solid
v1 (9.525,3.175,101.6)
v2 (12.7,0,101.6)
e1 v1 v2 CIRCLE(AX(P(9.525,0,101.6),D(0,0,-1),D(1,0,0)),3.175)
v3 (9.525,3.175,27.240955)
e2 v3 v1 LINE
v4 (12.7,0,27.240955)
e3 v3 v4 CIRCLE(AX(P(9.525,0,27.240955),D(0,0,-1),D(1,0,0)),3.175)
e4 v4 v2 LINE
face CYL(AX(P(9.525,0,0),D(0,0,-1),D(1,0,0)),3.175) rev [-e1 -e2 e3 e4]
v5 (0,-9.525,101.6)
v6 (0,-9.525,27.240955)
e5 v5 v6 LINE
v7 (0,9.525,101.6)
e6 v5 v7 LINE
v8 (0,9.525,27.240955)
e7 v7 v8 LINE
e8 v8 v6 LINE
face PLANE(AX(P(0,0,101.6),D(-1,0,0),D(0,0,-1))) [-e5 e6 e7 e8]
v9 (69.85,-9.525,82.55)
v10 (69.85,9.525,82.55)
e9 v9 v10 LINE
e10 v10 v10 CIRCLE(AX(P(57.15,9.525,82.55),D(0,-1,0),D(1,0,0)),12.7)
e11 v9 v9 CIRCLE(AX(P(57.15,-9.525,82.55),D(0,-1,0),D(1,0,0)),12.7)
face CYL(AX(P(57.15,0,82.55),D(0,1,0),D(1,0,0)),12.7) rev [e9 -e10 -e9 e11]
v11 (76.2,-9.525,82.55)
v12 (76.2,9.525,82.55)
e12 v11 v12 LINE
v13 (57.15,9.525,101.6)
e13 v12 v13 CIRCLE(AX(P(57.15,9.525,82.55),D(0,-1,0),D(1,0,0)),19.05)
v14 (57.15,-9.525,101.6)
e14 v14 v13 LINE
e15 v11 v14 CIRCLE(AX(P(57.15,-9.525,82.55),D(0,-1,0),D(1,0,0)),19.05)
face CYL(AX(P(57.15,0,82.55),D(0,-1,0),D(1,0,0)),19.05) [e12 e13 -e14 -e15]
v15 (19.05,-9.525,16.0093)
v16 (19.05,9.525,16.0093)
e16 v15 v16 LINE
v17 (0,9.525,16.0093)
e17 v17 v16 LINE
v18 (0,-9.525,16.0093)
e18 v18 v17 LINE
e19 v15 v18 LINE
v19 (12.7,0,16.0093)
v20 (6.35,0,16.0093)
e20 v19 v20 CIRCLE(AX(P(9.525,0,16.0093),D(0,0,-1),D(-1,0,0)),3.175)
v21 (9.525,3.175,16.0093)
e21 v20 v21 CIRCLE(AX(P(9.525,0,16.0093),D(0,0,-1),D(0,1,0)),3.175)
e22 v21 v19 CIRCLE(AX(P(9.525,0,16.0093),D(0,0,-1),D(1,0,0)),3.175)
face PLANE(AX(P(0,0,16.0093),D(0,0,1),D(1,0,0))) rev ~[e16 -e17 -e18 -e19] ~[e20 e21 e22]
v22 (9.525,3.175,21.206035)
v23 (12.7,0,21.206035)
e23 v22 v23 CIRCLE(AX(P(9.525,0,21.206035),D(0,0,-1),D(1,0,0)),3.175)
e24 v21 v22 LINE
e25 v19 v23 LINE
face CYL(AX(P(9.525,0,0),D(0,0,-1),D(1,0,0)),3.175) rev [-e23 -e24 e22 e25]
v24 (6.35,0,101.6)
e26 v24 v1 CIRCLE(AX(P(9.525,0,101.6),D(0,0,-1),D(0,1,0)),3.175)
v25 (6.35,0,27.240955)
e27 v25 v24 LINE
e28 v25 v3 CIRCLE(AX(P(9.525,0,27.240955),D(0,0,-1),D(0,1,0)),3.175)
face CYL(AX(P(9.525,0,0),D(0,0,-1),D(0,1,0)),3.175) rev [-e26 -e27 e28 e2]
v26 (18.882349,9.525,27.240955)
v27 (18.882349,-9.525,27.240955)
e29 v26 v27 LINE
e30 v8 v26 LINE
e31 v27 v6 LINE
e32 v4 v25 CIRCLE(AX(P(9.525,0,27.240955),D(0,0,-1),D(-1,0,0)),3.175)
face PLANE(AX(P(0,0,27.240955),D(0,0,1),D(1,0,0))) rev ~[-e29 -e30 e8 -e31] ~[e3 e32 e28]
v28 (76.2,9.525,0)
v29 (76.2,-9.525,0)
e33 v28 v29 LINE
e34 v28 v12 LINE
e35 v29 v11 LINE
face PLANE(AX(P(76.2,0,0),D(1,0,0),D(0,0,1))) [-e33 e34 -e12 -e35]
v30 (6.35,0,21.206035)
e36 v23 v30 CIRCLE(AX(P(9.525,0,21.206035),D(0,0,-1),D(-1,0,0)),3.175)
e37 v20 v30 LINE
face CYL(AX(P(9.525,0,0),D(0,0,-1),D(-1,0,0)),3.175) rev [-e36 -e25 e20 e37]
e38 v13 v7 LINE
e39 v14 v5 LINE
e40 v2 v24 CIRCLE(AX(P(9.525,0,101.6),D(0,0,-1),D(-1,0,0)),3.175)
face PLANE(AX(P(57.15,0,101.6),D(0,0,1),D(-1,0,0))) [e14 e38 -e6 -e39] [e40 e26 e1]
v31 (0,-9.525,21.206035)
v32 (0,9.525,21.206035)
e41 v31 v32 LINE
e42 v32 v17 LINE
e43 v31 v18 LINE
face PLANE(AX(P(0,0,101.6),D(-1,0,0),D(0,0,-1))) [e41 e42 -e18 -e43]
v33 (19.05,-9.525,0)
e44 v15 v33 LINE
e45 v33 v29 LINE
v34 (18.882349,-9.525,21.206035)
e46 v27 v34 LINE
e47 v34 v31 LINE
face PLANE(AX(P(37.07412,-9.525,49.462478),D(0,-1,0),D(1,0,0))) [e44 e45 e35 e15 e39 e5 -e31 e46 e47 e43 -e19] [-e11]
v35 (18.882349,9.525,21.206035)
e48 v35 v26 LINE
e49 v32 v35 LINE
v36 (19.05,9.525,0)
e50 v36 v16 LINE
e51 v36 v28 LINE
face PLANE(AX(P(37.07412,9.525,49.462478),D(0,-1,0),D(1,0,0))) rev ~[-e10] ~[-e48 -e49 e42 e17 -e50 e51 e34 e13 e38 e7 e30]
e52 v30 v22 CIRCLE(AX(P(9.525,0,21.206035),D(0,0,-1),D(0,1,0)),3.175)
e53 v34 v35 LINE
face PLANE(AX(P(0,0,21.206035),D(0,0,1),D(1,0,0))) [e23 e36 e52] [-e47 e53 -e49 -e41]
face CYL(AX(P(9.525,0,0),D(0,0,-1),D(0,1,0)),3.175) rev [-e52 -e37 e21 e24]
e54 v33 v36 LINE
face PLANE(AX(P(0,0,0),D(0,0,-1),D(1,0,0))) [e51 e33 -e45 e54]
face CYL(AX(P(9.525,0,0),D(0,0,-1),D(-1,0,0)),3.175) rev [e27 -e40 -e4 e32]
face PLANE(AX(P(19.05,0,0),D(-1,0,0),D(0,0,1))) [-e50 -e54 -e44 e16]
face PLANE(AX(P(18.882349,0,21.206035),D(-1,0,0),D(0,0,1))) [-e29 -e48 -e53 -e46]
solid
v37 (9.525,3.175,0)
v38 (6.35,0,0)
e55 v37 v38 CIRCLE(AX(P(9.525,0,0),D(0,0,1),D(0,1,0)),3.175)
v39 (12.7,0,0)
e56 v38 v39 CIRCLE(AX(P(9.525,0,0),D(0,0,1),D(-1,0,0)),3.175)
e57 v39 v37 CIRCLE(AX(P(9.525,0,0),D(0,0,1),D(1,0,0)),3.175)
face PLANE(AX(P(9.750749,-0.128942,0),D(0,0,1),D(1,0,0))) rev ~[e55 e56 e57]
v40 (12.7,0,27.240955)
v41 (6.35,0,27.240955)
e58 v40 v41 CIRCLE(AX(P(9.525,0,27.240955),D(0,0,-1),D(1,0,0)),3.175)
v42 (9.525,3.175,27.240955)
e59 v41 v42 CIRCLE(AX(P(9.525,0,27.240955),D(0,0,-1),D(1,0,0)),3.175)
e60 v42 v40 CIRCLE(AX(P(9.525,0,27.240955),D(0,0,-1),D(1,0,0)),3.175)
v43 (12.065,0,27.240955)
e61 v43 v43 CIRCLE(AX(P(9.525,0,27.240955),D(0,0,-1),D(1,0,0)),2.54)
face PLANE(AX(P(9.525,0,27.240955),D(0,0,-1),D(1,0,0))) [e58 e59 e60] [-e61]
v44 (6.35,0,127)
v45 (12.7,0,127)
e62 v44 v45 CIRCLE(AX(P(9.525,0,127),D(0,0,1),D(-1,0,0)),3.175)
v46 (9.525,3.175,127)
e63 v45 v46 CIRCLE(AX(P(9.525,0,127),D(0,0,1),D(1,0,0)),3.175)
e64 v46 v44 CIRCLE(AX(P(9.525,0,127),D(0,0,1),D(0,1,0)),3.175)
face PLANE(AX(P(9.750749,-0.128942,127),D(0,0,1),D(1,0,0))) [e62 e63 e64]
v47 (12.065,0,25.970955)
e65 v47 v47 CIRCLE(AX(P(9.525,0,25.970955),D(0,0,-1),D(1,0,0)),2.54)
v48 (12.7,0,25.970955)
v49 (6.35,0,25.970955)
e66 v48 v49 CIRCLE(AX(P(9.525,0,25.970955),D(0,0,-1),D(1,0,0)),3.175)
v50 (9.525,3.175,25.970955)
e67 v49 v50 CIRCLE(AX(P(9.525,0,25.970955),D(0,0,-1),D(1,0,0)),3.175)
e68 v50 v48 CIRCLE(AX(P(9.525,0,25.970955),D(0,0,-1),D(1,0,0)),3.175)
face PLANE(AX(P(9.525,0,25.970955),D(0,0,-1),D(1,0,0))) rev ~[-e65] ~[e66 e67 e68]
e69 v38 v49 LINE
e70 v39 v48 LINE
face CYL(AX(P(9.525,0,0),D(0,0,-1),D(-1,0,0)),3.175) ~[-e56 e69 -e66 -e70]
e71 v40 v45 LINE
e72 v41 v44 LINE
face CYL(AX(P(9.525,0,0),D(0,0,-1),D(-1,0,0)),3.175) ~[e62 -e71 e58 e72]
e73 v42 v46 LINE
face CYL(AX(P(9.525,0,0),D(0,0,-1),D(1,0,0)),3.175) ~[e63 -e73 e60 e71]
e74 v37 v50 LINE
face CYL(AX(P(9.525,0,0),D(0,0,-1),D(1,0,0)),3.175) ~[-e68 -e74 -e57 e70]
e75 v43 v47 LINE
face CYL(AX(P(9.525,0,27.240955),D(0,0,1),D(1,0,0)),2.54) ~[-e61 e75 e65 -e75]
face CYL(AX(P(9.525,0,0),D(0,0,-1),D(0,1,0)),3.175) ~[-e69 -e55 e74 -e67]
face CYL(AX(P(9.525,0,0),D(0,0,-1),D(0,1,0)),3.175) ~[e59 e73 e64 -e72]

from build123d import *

# Parameters (mm, degrees)
F0_R          = 12.7
F1_DEPTH      = 9.525
F2_W          = 19.05
F2_H          = 16.0092996487
F2_W_2        = 18.8823488869
F2_H_2        = 6.0349201819
F3_DEPTH      = 9.526
F3_DEPTH_BACK = 9.526
F5_DEPTH      = 101.601
F6_DEPTH      = 127
F7_R          = 3.175
F7_R_2        = 2.54
F8_DEPTH      = 1.27


with BuildPart() as f1:
    # F0 (on Front) → F1 (new body, symmetric)
    with BuildSketch(Plane.XZ):
        with BuildLine():
            Line((0, 101.6), (0, 0))
            Line((0, 0), (76.2, 0))
            Line((76.2, 0), (76.2, 82.55))
            ThreePointArc((76.2, 82.55), (70.6203841816, 96.0203841816), (57.15, 101.6))
            Line((57.15, 101.6), (0, 101.6))
        make_face()
        with Locations((57.15, 82.55)):
            Circle(F0_R, mode=Mode.SUBTRACT)
    extrude(amount=F1_DEPTH, both=True)

    # F2 (on Front) → F3 (cut, two sides)
    with BuildSketch(Plane.XZ) as f3_sk:
        with Locations((9.525, 8.0046498244)):
            Rectangle(F2_W, F2_H)
        with Locations((9.4411744435, 24.2234951582)):
            Rectangle(F2_W_2, F2_H_2)
    extrude(amount=-F3_DEPTH, mode=Mode.SUBTRACT)
    extrude(f3_sk.sketch, amount=F3_DEPTH_BACK, mode=Mode.SUBTRACT)

    # F4 (on Top) → F5 (cut, through all)
    with BuildSketch(Plane.XY):
        with BuildLine():
            ThreePointArc((6.35, 0), (9.525, -3.175), (12.7, 0))
            ThreePointArc((12.7, 0), (11.7700640303, 2.2450640303), (9.525, 3.175))
            Line((9.525, 3.175), (9.525, 0))
            Line((9.525, 0), (6.35, 0))
        make_face()
        with BuildLine():
            Line((9.525, 0), (9.525, 3.175))
            ThreePointArc((9.525, 3.175), (7.2799359697, 2.2450640303), (6.35, 0))
            Line((6.35, 0), (9.525, 0))
        make_face()
    extrude(amount=F5_DEPTH, mode=Mode.SUBTRACT)


with BuildPart() as f6:
    # F4 (on Top) → F6 (new body)
    with BuildSketch(Plane.XY):
        with BuildLine():
            ThreePointArc((6.35, 0), (9.525, -3.175), (12.7, 0))
            ThreePointArc((12.7, 0), (11.7700640303, 2.2450640303), (9.525, 3.175))
            Line((9.525, 3.175), (9.525, 0))
            Line((9.525, 0), (6.35, 0))
        make_face()
        with BuildLine():
            Line((9.525, 0), (9.525, 3.175))
            ThreePointArc((9.525, 3.175), (7.2799359697, 2.2450640303), (6.35, 0))
            Line((6.35, 0), (9.525, 0))
        make_face()
    extrude(amount=F6_DEPTH)

    # F7 (on face) → F8 (cut)
    with BuildSketch(Plane(origin=(0, 0, 27.2409552492), x_dir=(1, 0, 0), z_dir=(0, 0, -1))):
        with Locations((9.525, 0)):
            Circle(F7_R)
        with Locations((9.525, 0)):
            Circle(F7_R_2, mode=Mode.SUBTRACT)
    extrude(amount=F8_DEPTH, mode=Mode.SUBTRACT)


solid = Compound([f1.part, f6.part])
